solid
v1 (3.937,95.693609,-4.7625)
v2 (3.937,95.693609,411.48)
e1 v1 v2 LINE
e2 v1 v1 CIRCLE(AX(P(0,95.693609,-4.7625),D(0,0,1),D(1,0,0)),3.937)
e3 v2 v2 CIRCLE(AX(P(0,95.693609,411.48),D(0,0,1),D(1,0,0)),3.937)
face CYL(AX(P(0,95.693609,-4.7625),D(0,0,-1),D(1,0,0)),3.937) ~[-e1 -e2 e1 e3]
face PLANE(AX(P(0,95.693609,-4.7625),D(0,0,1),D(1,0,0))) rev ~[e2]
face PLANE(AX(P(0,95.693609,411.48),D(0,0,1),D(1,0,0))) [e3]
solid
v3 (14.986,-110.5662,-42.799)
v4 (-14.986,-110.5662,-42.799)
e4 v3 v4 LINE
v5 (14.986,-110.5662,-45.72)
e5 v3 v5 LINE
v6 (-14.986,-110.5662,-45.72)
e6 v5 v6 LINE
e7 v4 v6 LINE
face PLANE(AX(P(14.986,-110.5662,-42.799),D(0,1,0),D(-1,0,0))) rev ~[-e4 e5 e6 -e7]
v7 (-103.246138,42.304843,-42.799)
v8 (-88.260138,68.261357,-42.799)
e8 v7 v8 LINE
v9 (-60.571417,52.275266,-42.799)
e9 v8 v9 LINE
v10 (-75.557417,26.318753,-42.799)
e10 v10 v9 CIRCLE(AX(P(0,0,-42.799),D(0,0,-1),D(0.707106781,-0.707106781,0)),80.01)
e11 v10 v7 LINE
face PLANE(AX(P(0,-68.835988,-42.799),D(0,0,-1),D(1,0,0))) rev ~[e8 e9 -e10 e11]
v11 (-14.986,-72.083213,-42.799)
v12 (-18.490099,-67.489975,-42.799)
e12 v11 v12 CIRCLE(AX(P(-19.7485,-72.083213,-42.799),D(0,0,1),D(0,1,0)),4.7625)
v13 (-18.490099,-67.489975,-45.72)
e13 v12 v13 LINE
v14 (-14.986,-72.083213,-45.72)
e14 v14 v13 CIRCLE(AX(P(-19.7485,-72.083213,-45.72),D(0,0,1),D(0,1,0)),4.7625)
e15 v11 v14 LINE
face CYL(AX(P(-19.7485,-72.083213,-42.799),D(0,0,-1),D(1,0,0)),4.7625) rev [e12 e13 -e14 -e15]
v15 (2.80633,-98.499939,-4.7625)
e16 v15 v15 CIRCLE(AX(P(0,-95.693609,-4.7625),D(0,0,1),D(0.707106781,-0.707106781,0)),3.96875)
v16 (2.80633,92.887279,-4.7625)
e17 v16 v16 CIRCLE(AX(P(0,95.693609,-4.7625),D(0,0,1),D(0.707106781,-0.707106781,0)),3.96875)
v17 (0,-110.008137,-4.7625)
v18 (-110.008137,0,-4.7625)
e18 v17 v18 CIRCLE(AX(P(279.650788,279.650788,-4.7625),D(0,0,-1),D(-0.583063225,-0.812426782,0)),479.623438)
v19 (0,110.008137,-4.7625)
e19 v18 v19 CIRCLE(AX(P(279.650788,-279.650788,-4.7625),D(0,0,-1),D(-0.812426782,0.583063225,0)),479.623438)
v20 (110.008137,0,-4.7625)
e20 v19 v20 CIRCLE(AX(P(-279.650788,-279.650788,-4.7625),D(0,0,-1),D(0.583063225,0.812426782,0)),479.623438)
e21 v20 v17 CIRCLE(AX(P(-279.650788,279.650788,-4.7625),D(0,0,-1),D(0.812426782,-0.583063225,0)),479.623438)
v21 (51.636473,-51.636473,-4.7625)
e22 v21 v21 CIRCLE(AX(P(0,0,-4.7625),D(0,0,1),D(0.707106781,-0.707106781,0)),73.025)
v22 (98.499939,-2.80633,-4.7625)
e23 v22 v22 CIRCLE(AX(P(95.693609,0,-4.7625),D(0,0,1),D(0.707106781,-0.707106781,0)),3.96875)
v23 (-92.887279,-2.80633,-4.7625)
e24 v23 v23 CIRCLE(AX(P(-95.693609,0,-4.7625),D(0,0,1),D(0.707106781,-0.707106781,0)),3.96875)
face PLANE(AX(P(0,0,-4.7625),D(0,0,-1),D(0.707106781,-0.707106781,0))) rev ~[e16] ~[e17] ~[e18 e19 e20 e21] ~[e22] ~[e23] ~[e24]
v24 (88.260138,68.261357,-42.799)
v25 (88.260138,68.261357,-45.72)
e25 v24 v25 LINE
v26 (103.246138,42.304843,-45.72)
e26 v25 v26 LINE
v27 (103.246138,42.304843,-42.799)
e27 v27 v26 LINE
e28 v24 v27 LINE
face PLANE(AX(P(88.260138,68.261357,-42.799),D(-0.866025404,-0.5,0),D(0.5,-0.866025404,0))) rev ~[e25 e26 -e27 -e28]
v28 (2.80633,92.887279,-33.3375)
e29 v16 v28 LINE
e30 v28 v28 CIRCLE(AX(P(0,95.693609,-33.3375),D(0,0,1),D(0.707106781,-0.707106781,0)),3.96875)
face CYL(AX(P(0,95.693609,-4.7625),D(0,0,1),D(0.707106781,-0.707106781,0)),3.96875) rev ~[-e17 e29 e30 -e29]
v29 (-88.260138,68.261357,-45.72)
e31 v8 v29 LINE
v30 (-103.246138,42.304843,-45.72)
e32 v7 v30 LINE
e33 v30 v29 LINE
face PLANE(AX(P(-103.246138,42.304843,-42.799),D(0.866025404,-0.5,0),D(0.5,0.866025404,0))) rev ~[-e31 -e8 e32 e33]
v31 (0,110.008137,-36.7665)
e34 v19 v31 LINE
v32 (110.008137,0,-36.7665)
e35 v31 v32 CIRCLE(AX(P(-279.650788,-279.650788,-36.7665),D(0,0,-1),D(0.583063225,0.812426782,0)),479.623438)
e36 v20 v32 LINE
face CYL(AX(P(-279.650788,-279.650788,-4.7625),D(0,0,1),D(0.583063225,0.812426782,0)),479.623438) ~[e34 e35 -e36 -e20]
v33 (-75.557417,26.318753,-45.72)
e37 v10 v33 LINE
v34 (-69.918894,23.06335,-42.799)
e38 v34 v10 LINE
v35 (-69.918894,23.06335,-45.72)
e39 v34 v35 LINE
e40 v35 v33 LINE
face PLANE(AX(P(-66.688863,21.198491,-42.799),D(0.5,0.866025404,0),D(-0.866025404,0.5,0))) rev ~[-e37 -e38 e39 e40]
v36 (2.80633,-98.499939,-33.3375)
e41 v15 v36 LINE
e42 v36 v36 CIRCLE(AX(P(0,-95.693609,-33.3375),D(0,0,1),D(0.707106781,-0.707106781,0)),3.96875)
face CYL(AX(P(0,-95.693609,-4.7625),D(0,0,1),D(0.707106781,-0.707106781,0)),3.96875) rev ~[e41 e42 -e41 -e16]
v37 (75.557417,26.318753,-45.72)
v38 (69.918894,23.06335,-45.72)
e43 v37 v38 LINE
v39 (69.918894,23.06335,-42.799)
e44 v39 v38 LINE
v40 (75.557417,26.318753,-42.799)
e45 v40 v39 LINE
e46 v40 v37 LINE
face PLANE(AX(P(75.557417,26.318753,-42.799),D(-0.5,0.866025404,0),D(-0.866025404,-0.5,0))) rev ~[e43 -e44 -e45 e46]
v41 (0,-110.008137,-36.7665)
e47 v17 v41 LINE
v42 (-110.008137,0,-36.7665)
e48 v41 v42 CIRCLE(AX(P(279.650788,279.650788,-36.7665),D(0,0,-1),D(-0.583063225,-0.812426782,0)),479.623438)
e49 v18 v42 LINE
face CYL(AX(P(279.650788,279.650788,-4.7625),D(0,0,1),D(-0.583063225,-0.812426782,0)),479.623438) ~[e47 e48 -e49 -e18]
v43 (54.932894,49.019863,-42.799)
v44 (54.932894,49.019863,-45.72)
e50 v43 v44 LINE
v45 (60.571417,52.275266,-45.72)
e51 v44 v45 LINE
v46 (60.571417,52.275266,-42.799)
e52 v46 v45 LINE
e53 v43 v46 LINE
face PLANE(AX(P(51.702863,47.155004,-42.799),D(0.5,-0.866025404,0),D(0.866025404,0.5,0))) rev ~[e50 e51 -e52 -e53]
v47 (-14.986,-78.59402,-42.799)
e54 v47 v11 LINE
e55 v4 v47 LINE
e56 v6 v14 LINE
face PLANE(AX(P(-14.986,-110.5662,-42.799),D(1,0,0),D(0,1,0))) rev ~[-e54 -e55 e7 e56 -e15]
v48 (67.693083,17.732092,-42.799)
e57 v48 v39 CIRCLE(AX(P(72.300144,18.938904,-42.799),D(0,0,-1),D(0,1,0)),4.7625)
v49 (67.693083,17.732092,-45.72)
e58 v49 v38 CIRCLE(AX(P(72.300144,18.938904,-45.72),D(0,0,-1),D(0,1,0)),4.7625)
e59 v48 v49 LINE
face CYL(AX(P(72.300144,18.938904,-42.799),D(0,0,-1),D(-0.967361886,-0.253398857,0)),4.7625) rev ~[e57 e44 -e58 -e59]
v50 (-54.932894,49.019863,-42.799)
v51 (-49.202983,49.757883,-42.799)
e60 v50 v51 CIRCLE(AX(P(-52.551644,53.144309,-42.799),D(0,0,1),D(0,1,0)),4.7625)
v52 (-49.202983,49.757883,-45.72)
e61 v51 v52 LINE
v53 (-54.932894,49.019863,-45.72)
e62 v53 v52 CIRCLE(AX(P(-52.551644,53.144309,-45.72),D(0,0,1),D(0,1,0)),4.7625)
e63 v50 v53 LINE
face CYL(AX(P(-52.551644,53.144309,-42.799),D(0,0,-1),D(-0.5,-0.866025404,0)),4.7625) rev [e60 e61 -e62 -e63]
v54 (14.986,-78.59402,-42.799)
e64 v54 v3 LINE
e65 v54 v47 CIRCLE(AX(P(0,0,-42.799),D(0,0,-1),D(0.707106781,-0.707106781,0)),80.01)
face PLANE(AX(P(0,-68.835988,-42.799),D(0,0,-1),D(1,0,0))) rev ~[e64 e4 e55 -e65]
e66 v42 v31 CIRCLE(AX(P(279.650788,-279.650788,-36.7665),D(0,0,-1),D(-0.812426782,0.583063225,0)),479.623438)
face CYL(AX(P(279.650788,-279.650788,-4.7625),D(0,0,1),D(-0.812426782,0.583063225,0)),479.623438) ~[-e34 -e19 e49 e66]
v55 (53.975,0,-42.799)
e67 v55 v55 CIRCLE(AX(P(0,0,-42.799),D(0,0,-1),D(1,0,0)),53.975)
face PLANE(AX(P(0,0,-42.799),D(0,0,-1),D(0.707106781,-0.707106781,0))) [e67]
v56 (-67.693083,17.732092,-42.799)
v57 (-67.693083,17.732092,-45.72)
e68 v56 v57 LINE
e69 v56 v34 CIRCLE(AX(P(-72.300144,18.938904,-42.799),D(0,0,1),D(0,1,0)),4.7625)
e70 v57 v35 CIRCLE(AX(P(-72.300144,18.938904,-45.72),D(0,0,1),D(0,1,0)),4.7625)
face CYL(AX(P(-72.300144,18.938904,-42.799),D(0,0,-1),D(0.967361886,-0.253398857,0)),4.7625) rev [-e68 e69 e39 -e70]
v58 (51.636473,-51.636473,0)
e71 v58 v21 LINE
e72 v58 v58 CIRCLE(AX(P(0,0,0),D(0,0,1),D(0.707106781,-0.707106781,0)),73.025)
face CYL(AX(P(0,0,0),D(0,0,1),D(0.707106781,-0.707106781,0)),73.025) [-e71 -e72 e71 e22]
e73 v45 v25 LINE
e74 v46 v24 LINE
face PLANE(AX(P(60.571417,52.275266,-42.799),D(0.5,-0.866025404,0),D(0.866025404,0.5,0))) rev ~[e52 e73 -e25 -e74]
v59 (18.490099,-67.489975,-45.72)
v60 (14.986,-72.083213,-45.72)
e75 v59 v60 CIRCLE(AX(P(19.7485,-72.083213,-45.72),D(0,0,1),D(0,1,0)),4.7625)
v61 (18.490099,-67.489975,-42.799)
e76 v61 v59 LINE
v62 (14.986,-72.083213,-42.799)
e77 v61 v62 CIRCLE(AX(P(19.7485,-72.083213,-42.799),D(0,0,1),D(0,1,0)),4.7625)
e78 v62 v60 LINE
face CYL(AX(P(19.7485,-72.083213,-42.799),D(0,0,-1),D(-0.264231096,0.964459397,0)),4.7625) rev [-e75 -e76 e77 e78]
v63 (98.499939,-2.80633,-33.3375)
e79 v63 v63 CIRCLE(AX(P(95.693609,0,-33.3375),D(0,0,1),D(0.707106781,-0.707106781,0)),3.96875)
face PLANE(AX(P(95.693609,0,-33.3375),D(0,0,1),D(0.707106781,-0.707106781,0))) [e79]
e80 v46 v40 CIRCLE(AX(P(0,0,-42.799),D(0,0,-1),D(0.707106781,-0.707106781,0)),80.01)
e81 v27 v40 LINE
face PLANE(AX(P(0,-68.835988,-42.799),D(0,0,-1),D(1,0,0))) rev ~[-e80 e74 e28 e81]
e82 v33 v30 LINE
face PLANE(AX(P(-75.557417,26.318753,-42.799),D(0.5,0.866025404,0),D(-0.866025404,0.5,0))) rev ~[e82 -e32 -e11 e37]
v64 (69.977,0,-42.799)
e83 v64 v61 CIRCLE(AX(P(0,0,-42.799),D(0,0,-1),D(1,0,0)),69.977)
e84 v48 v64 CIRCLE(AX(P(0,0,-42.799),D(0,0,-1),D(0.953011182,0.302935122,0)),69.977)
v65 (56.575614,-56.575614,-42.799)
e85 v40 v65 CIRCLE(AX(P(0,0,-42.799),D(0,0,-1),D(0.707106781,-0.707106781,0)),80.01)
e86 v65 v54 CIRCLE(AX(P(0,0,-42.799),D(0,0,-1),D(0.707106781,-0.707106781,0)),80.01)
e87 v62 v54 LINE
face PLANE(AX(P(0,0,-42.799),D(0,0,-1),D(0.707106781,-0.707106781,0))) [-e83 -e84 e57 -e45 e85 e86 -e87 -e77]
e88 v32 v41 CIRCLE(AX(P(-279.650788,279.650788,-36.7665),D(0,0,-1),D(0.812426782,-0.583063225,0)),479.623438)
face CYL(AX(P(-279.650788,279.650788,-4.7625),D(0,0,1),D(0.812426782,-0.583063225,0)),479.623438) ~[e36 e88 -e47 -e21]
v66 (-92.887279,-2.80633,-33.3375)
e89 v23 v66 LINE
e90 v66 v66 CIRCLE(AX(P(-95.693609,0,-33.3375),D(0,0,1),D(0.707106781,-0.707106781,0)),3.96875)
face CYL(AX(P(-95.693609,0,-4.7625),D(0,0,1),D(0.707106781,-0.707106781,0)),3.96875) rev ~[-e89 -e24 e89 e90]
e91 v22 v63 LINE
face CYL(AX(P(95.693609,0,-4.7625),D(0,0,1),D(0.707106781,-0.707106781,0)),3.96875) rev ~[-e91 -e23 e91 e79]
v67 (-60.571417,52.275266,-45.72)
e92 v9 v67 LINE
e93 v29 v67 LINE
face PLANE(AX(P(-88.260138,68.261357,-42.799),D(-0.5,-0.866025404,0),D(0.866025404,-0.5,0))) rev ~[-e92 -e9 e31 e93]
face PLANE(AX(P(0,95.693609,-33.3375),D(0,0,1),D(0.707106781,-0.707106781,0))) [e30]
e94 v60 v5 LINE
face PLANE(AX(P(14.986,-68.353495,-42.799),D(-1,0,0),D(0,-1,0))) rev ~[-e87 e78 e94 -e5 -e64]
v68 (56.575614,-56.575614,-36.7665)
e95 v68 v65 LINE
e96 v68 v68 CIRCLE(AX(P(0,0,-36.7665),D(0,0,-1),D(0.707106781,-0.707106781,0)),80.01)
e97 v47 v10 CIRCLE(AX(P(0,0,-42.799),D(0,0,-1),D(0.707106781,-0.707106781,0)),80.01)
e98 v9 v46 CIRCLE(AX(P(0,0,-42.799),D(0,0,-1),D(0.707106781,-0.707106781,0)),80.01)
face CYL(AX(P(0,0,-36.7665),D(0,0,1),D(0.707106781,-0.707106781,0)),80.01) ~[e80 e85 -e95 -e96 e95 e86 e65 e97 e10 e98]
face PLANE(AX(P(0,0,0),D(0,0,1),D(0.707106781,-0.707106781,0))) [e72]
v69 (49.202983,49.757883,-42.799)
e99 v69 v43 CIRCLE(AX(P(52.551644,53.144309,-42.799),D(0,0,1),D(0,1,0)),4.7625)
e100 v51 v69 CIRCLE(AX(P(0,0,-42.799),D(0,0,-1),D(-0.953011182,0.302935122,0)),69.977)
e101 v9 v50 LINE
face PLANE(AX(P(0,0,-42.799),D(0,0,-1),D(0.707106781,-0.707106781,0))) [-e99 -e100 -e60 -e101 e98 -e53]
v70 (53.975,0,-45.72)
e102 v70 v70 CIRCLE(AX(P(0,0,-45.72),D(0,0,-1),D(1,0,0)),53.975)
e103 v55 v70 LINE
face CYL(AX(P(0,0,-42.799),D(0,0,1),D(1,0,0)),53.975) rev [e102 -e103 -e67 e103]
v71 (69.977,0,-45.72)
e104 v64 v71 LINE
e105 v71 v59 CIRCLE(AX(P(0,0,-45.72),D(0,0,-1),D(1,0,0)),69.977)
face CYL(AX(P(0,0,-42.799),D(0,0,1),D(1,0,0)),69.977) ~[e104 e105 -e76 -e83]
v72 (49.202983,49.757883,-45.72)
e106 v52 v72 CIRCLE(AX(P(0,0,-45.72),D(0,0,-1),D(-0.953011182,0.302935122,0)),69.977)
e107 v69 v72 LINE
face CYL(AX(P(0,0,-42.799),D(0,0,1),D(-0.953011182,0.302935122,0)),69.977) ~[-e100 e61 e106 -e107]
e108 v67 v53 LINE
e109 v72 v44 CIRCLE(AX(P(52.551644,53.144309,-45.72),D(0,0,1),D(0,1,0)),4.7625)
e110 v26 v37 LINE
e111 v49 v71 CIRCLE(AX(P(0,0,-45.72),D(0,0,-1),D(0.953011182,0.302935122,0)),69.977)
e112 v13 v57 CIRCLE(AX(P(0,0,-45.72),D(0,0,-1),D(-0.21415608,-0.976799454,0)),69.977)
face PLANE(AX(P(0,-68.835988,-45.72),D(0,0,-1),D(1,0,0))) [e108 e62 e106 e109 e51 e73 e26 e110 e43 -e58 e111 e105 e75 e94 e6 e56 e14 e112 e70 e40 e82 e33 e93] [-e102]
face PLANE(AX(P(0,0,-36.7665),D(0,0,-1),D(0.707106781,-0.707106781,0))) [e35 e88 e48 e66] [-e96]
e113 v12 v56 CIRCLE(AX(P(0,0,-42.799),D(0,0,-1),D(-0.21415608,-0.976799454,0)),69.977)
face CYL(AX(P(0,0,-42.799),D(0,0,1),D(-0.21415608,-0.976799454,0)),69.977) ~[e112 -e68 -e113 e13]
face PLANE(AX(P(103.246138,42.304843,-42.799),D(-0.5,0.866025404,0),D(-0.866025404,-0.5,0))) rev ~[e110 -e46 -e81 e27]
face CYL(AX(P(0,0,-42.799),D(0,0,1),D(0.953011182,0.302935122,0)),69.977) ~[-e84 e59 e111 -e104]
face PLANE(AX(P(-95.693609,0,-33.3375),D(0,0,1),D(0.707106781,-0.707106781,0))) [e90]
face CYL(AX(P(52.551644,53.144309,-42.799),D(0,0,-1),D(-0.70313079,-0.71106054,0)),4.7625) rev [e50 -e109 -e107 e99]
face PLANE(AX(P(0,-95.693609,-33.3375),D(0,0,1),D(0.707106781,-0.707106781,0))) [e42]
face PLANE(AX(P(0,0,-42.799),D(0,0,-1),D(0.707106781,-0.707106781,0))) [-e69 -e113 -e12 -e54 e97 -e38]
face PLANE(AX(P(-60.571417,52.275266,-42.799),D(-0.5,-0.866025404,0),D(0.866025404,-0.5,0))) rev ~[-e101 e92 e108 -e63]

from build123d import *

# Parameters (mm, degrees)
F0_R      = 73.025
F1_DEPTH  = 4.7625
F3_DEPTH  = 32.004
F4_R      = 3.96875
F5_DEPTH  = 28.575
F6_R      = 80.01
F7_DEPTH  = 6.0325
F9_ANGLE  = -45
F10_R     = 53.975
F11_DEPTH = 2.921
F12_R     = 3.937
F13_DEPTH = 416.2425
F14_R     = 4.7625


with BuildPart() as f1:
    # F0 (on Top) → F1 (new body)
    with BuildSketch(Plane.XY):
        Circle(F0_R)
    extrude(amount=-F1_DEPTH)

    # F2 (on face) → F3 (join)
    with BuildSketch(Plane(origin=(0, 0, -4.7625), x_dir=(1, 0, 0), z_dir=(0, 0, -1))):
        with BuildLine():
            ThreePointArc((-77.7875, 77.7875), (-84.1375, 0), (-77.7875, -77.7875))
            ThreePointArc((-77.7875, -77.7875), (0, -84.1375), (77.7875, -77.7875))
            ThreePointArc((77.7875, -77.7875), (84.1375, 0), (77.7875, 77.7875))
            ThreePointArc((77.7875, 77.7875), (0, 84.1375), (-77.7875, 77.7875))
        make_face()
    extrude(amount=F3_DEPTH)

    # F4 (on face) → F5 (cut)
    with BuildSketch(Plane.XY.offset(-4.7625)):
        with Locations((-67.6656, 67.6656)):
            Circle(F4_R)
        with Locations((-67.6656, -67.6656)):
            Circle(F4_R)
        with Locations((67.6656, -67.6656)):
            Circle(F4_R)
        with Locations((67.6656, 67.6656)):
            Circle(F4_R)
    extrude(amount=-F5_DEPTH, mode=Mode.SUBTRACT)

    # F6 (on face) → F7 (join)
    with BuildSketch(Plane(origin=(0, 0, -36.7665), x_dir=(1, 0, 0), z_dir=(0, 0, -1))):
        Circle(F6_R)
    extrude(amount=F7_DEPTH)


with BuildPart() as f1_1:
    # F9: moved
    add(f1.part.rotate(Axis((0, 0, 32.1254618466), (0, 0, 1)), F9_ANGLE))

    # F10 (on face) → F11 (join)
    with BuildSketch(Plane(origin=(0, 0, -42.799), x_dir=(1, 0, 0), z_dir=(0, 0, -1))):
        with BuildLine():
            Line((-14.986, 68.3534953971), (14.986, 68.3534953971))
            ThreePointArc((14.986, 68.3534953971), (0, 69.977), (-14.986, 68.3534953971))
        make_face()
        with BuildLine():
            Line((-51.7028634513, -47.1550043997), (-66.6888634513, -21.1984909974))
            ThreePointArc((-66.6888634513, -21.1984909974), (-60.6018596806, -34.9885), (-51.7028634513, -47.1550043997))
        make_face()
        with BuildLine():
            ThreePointArc((51.7028634513, -47.1550043997), (60.6018596806, -34.9885), (66.6888634513, -21.1984909974))
            Line((66.6888634513, -21.1984909974), (51.7028634513, -47.1550043997))
        make_face()
        with BuildLine():
            ThreePointArc((66.6888634513, -21.1984909974), (69.1500799954, -10.7259948551), (69.977, 0))
            ThreePointArc((69.977, 0), (54.5227285221, 43.8640240231), (14.986, 68.3534953971))
            Line((14.986, 68.3534953971), (-14.986, 68.3534953971))
            ThreePointArc((-14.986, 68.3534953971), (-60.6018596806, 34.9885), (-66.6888634513, -21.1984909974))
            Line((-66.6888634513, -21.1984909974), (-51.7028634513, -47.1550043997))
            ThreePointArc((-51.7028634513, -47.1550043997), (0, -69.977), (51.7028634513, -47.1550043997))
            Line((51.7028634513, -47.1550043997), (66.6888634513, -21.1984909974))
        make_face()
        Circle(F10_R, mode=Mode.SUBTRACT)
        with BuildLine():
            ThreePointArc((-60.5714174881, -52.2752664601), (-69.2906925568, -40.005), (-75.5574174881, -26.3187530579))
            Line((-75.5574174881, -26.3187530579), (-103.246138, -42.3048432989))
            Line((-103.246138, -42.3048432989), (-88.260138, -68.2613567011))
            Line((-88.260138, -68.2613567011), (-60.5714174881, -52.2752664601))
        make_face()
        with BuildLine():
            Line((103.246138, -42.3048432989), (75.5574174881, -26.3187530579))
            ThreePointArc((75.5574174881, -26.3187530579), (69.2906925568, -40.005), (60.5714174881, -52.2752664601))
            Line((60.5714174881, -52.2752664601), (88.260138, -68.2613567011))
            Line((88.260138, -68.2613567011), (103.246138, -42.3048432989))
        make_face()
        with BuildLine():
            ThreePointArc((-14.986, 68.3534953971), (0, 69.977), (14.986, 68.3534953971))
            Line((14.986, 68.3534953971), (14.986, 78.594019518))
            ThreePointArc((14.986, 78.594019518), (0, 80.01), (-14.986, 78.594019518))
            Line((-14.986, 78.594019518), (-14.986, 68.3534953971))
        make_face()
        with BuildLine():
            ThreePointArc((-51.7028634513, -47.1550043997), (-60.6018596806, -34.9885), (-66.6888634513, -21.1984909974))
            Line((-66.6888634513, -21.1984909974), (-75.5574174881, -26.3187530579))
            ThreePointArc((-75.5574174881, -26.3187530579), (-69.2906925568, -40.005), (-60.5714174881, -52.2752664601))
            Line((-60.5714174881, -52.2752664601), (-51.7028634513, -47.1550043997))
        make_face()
        with BuildLine():
            Line((75.5574174881, -26.3187530579), (66.6888634513, -21.1984909974))
            ThreePointArc((66.6888634513, -21.1984909974), (60.6018596806, -34.9885), (51.7028634513, -47.1550043997))
            Line((51.7028634513, -47.1550043997), (60.5714174881, -52.2752664601))
            ThreePointArc((60.5714174881, -52.2752664601), (69.2906925568, -40.005), (75.5574174881, -26.3187530579))
        make_face()
        with BuildLine():
            ThreePointArc((-14.986, 78.594019518), (0, 80.01), (14.986, 78.594019518))
            Line((14.986, 78.594019518), (14.986, 110.5662))
            Line((14.986, 110.5662), (-14.986, 110.5662))
            Line((-14.986, 110.5662), (-14.986, 78.594019518))
        make_face()
    extrude(amount=F11_DEPTH)

    # F14
    f14_edges = [f1_1.edges().sort_by_distance(p)[0] for p in [
        (14.986, -68.353495, -44.2595),
        (-14.986, -68.353495, -44.2595),
        (-66.688863, 21.198491, -44.2595),
        (-51.702863, 47.155004, -44.2595),
        (51.702863, 47.155004, -44.2595),
        (66.688863, 21.198491, -44.2595),
    ]]
    fillet(f14_edges, radius=F14_R)


with BuildPart() as f13:
    # F12 (on face) → F13 (new body)
    with BuildSketch(Plane.XY.offset(-4.7625)):
        with Locations((0, 95.6936092261)):
            Circle(F12_R)
    extrude(amount=F13_DEPTH)


solid = Compound([f1_1.part, f13.part])
